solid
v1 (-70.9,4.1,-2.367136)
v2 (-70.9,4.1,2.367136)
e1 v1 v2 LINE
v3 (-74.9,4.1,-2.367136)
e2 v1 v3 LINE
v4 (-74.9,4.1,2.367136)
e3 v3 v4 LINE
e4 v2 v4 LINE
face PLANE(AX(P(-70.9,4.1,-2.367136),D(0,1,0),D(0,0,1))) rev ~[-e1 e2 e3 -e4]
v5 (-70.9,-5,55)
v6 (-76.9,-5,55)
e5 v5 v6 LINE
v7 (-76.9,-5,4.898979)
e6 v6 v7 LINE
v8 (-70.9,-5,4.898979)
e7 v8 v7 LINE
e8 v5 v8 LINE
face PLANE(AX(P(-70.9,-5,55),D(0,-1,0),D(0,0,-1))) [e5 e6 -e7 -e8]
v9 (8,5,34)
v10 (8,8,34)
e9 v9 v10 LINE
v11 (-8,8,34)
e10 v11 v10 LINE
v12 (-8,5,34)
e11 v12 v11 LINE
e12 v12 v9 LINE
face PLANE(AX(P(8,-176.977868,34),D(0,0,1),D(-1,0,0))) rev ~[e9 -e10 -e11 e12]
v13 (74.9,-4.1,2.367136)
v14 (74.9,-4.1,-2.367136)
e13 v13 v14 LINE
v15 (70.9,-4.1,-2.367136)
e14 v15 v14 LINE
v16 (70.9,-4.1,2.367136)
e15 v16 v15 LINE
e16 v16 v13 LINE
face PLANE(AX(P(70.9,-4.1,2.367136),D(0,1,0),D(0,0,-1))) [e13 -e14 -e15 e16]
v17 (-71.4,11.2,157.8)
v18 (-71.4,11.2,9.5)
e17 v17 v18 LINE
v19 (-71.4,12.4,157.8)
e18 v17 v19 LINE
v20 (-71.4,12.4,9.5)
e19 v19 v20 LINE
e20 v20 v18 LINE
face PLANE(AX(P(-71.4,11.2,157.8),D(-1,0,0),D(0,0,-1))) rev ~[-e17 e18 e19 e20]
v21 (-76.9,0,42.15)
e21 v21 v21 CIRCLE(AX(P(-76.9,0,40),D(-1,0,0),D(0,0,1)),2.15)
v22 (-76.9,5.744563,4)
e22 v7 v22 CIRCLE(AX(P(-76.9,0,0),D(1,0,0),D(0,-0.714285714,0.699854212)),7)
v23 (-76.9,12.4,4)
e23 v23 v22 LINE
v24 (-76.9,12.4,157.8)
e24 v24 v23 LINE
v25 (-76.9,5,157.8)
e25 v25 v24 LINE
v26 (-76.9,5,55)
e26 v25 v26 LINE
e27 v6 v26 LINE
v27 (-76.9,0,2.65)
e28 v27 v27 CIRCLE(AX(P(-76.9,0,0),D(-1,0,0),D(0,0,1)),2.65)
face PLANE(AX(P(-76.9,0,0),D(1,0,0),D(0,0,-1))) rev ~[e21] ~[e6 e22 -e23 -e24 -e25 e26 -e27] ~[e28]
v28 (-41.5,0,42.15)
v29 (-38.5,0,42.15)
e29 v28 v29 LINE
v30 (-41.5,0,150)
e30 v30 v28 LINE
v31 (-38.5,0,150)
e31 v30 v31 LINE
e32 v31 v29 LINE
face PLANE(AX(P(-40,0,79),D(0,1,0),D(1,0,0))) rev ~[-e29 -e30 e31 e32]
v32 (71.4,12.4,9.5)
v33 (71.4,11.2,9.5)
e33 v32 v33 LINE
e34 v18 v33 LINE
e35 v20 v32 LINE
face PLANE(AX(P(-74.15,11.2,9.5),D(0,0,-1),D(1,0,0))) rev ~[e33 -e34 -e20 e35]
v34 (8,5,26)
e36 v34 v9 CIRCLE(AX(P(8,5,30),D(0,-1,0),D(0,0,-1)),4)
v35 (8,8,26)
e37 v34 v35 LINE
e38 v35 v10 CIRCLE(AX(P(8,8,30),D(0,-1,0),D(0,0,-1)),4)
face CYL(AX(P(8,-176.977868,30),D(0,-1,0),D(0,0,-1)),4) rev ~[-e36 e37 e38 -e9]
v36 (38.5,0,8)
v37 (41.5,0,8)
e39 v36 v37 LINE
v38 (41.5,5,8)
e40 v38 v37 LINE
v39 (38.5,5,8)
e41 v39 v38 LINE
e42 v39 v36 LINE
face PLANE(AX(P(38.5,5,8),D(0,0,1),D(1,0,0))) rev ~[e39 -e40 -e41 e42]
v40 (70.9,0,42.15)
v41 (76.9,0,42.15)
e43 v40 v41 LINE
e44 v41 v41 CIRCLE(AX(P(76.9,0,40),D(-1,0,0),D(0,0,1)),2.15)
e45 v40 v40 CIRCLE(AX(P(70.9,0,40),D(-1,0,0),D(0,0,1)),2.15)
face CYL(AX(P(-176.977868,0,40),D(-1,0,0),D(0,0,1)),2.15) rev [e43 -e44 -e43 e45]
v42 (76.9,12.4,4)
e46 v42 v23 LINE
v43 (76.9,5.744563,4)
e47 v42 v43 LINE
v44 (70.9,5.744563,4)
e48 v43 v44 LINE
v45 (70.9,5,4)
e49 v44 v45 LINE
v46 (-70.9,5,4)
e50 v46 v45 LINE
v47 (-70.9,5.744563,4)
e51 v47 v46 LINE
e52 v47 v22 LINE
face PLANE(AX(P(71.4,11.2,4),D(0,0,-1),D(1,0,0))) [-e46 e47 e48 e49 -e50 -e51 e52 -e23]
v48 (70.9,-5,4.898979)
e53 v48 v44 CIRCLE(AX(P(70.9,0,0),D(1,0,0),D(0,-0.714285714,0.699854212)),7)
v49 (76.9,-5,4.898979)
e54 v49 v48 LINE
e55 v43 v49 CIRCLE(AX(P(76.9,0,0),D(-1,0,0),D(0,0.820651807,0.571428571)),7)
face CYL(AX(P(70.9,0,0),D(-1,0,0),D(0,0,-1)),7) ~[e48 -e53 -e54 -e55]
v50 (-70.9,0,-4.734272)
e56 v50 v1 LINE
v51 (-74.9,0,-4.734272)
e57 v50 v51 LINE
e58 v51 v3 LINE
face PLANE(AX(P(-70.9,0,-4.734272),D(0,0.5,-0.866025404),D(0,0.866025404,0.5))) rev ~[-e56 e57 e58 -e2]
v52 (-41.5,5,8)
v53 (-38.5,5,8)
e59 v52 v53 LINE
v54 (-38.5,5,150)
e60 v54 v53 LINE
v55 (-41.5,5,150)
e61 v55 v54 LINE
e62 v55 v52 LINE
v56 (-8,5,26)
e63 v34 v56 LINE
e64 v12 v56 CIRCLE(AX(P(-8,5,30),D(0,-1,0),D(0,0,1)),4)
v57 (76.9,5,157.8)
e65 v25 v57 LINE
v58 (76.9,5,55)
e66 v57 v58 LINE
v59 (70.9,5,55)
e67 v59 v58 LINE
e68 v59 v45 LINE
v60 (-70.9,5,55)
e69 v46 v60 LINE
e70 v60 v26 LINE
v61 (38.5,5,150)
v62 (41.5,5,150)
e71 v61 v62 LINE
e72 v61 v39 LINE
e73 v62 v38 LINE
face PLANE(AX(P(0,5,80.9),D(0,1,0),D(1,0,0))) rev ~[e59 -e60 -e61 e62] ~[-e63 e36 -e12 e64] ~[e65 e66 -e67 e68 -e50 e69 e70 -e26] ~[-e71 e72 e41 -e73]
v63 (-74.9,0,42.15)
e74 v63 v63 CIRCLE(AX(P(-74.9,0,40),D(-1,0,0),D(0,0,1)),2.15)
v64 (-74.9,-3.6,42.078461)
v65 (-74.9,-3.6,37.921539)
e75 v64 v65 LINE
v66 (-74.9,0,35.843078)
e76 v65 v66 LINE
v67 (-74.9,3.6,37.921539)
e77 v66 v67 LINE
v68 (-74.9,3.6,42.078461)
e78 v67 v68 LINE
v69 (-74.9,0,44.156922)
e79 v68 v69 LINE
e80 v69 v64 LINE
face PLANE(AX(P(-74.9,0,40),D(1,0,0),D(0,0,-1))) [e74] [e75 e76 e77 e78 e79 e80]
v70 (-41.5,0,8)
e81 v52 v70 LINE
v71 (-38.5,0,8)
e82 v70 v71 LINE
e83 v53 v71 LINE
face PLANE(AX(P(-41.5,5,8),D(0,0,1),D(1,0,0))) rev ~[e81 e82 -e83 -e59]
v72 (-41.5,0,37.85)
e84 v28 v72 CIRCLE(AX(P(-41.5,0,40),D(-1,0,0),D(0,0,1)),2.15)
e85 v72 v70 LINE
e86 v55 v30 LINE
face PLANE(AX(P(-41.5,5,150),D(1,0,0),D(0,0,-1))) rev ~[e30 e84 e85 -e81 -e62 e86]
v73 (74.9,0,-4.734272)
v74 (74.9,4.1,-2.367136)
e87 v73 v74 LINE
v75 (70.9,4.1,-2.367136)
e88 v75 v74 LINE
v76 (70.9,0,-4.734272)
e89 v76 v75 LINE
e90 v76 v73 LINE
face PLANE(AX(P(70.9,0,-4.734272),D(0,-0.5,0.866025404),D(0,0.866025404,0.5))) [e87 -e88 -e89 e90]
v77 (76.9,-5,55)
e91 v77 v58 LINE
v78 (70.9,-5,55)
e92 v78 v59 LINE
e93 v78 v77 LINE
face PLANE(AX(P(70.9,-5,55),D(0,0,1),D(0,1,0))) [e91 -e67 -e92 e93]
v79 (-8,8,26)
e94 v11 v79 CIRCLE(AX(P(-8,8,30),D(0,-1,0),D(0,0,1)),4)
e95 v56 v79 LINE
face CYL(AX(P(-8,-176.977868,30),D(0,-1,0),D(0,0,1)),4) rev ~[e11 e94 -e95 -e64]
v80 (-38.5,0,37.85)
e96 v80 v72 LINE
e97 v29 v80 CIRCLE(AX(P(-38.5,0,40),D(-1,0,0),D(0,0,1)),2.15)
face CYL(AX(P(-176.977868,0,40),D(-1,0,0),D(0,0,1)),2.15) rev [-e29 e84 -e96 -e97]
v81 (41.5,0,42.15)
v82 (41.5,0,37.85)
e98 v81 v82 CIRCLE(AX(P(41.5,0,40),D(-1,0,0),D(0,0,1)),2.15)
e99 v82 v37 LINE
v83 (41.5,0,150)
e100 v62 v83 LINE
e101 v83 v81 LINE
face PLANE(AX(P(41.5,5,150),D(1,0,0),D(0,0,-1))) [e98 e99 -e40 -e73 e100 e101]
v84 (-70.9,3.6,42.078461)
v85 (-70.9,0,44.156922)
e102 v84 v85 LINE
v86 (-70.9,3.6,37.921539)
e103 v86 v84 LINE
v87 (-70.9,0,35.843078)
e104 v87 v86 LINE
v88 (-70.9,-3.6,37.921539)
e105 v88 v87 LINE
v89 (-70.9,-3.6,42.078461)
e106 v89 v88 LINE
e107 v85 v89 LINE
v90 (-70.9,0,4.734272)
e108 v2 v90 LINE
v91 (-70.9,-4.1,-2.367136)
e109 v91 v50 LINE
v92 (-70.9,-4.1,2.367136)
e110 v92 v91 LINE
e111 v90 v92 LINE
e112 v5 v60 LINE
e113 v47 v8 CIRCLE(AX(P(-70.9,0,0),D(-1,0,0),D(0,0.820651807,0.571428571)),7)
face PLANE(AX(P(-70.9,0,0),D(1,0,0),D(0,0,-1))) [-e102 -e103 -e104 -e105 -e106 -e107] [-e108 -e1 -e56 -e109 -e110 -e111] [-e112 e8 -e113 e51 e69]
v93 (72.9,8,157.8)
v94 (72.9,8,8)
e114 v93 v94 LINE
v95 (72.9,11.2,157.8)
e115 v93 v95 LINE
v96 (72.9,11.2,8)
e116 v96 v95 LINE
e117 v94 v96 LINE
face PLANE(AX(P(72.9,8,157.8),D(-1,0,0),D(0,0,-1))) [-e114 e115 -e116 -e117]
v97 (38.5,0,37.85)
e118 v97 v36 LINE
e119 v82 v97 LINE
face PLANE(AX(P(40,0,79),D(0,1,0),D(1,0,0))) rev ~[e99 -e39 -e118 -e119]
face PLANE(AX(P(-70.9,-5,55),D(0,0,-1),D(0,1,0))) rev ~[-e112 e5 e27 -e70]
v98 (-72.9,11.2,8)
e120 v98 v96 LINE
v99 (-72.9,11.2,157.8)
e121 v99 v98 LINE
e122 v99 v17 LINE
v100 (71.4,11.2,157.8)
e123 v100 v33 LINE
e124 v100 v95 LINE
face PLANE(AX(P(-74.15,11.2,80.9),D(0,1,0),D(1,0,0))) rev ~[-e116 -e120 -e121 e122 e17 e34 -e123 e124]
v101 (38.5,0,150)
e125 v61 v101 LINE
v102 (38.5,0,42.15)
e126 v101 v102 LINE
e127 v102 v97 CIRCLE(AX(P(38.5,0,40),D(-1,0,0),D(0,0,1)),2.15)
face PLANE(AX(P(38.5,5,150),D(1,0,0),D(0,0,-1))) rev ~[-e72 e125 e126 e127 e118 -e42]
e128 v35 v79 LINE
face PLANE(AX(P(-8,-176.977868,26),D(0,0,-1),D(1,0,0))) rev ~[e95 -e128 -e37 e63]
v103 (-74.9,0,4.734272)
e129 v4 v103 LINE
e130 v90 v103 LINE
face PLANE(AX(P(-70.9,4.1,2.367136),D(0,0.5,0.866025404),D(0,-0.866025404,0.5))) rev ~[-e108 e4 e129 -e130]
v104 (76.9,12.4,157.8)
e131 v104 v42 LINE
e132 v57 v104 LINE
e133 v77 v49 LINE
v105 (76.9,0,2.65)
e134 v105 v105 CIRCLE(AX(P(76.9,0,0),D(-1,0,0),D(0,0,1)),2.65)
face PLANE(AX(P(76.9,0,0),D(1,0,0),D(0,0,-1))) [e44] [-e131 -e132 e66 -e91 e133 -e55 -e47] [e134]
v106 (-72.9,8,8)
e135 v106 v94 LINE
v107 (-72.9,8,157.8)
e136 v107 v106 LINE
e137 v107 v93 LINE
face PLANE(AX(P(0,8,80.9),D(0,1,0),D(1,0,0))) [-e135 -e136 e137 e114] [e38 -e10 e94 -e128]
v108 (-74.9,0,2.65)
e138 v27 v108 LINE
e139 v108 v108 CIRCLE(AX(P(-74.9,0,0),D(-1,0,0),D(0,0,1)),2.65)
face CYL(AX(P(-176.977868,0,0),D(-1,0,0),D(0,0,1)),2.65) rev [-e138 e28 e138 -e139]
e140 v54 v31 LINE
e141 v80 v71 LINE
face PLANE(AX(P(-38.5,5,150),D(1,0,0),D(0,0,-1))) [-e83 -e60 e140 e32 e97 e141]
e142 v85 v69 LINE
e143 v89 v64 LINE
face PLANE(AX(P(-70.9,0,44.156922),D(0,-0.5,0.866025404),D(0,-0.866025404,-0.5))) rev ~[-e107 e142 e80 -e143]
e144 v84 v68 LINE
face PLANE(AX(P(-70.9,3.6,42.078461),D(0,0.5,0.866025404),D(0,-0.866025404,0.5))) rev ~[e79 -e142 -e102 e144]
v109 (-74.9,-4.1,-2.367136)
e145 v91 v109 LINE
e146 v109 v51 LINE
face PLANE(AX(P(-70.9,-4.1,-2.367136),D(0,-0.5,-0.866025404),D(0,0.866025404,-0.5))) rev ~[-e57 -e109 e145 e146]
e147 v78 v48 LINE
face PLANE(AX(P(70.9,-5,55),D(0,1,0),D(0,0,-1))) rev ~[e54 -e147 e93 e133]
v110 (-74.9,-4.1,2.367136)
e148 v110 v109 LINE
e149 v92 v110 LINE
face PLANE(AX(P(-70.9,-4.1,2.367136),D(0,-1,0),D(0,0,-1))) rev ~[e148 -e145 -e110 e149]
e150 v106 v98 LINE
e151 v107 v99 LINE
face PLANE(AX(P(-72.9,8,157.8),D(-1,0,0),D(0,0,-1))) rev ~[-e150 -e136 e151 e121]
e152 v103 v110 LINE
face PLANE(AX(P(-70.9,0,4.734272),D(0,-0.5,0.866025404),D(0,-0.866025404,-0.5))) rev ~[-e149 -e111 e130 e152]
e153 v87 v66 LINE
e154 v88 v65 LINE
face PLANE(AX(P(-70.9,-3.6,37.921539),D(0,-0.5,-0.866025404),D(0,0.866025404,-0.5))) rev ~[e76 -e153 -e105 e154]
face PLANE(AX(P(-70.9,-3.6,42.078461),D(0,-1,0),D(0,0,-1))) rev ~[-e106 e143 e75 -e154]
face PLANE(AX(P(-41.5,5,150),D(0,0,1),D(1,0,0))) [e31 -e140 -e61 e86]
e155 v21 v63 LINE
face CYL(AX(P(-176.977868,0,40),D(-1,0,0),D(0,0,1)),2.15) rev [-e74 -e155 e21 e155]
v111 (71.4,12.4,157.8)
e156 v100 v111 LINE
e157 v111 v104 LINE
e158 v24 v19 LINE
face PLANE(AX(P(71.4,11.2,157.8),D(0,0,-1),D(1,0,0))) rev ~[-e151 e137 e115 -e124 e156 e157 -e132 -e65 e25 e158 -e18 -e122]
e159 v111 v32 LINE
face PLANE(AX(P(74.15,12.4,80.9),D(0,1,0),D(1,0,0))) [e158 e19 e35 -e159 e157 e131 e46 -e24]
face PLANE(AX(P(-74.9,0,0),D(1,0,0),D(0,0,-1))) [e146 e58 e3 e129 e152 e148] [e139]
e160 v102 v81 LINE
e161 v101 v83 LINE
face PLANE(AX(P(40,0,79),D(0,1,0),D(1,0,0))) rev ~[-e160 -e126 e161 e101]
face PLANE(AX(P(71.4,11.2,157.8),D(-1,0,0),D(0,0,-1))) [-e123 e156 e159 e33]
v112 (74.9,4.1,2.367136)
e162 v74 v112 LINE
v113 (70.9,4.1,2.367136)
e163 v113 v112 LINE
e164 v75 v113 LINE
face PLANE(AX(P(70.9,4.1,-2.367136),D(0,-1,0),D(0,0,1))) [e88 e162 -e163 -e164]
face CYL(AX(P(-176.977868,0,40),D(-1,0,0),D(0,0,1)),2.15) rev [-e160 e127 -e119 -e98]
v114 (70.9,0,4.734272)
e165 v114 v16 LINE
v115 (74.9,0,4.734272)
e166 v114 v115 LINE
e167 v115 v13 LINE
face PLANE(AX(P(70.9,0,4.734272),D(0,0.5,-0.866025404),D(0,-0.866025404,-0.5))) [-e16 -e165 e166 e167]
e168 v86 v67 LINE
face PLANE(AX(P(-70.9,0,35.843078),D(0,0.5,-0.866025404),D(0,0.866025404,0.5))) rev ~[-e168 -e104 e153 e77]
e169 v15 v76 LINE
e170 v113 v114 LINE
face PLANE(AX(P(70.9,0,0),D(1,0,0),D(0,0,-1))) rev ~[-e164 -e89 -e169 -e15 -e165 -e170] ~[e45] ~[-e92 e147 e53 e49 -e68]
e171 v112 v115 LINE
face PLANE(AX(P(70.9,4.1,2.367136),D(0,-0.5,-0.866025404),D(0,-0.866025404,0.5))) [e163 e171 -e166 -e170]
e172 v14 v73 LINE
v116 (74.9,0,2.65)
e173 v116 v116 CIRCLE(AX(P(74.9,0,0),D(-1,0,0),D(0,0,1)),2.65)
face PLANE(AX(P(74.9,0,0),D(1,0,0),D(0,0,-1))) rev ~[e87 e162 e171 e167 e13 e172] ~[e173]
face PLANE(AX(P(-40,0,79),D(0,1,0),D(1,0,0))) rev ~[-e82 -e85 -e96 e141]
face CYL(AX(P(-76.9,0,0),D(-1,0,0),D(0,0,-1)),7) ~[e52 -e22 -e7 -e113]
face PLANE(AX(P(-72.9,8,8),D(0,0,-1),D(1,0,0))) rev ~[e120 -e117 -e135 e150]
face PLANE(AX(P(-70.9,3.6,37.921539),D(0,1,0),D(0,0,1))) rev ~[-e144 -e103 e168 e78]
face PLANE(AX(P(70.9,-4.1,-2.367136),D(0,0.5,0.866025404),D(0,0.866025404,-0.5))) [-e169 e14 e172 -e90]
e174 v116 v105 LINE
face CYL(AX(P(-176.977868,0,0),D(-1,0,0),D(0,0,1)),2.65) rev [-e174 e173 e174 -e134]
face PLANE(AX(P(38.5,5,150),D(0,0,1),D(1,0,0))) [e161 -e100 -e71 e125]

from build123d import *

# Parameters (mm, degrees)
CROQUIS_PLACA_W                      = 153.8
CROQUIS_PLACA_H                      = 153.8
PLACA_DEPTH                          = 3
CROQUIS_BORDE_IZQ_W                  = 4
CROQUIS_BORDE_IZQ_H                  = 153.8
BORDE_IZQ_DEPTH                      = 3.2
CROQUIS_BORDE_DER_W                  = 4
CROQUIS_BORDE_DER_H                  = 153.8
BORDE_DER_DEPTH                      = 3.2
CROQUIS_BORDE_TRAS_W                 = 145.8
CROQUIS_BORDE_TRAS_H                 = 4
BORDE_TRAS_DEPTH                     = 3.2
CROQUIS_CEJA_IZQ_W                   = 5.5
CROQUIS_CEJA_IZQ_H                   = 153.8
CEJA_IZQ_DEPTH                       = 1.2
CROQUIS_CEJA_DER_W                   = 5.5
CROQUIS_CEJA_DER_H                   = 153.8
CEJA_DER_DEPTH                       = 1.2
CROQUIS_CEJA_TRAS_W                  = 148.3
CROQUIS_CEJA_TRAS_H                  = 5.5
CEJA_TRAS_DEPTH                      = 1.2
PASO_CABLE_DEPTH                     = 176.977867927
PASO_CABLE_DEPTH_BACK                = 176.977867927
CROQUIS_REFUERZOS_W                  = 3
CROQUIS_REFUERZOS_H                  = 142
REFUERZOS_DEPTH                      = 5
CROQUIS_COSTILLA_DER_W               = 55
CROQUIS_COSTILLA_DER_H               = 10
COSTILLA_DER_DEPTH                   = 6
CROQUIS_BUJE_DER_R                   = 7
BUJE_DER_DEPTH                       = 6
CROQUIS_COSTILLA_IZQ_W               = 55
CROQUIS_COSTILLA_IZQ_H               = 10
COSTILLA_IZQ_DEPTH                   = 6
BUJE_IZQ_START                       = -6
CROQUIS_BUJE_IZQ_R                   = 7
BUJE_IZQ_DEPTH                       = 6
AGUJEROS_PIVOTE_Y_BLOQUEO_DEPTH      = 176.977867927
AGUJEROS_PIVOTE_Y_BLOQUEO_DEPTH_BACK = 176.977867927
CROQUIS_AGUJEROS_EJE_R               = 2.65
CROQUIS_AGUJEROS_EJE_R_2             = 2.15
TUERCA_M5_DER_DEPTH                  = 4
TUERCAS_M5_M4_IZQ_DEPTH              = 4


with BuildPart() as part:
    # Croquis_placa → Placa (new body)
    with BuildSketch(Plane(origin=(0, 5, 0), x_dir=(1, 0, 0), z_dir=(0, 1, 0))):
        with Locations((0, -80.9)):
            Rectangle(CROQUIS_PLACA_W, CROQUIS_PLACA_H)
    extrude(amount=PLACA_DEPTH)

    # Croquis_Borde_izq → Borde_izq (add)
    with BuildSketch(Plane(origin=(0, 8, 0), x_dir=(1, 0, 0), z_dir=(0, 1, 0))):
        with Locations((-74.9, -80.9)):
            Rectangle(CROQUIS_BORDE_IZQ_W, CROQUIS_BORDE_IZQ_H)
    extrude(amount=BORDE_IZQ_DEPTH)

    # Croquis_Borde_der → Borde_der (add)
    with BuildSketch(Plane(origin=(0, 8, 0), x_dir=(1, 0, 0), z_dir=(0, 1, 0))):
        with Locations((74.9, -80.9)):
            Rectangle(CROQUIS_BORDE_DER_W, CROQUIS_BORDE_DER_H)
    extrude(amount=BORDE_DER_DEPTH)

    # Croquis_Borde_tras → Borde_tras (add)
    with BuildSketch(Plane(origin=(0, 8, 0), x_dir=(1, 0, 0), z_dir=(0, 1, 0))):
        with Locations((0, -6)):
            Rectangle(CROQUIS_BORDE_TRAS_W, CROQUIS_BORDE_TRAS_H)
    extrude(amount=BORDE_TRAS_DEPTH)

    # Croquis_Ceja_izq → Ceja_izq (add)
    with BuildSketch(Plane(origin=(0, 11.2, 0), x_dir=(1, 0, 0), z_dir=(0, 1, 0))):
        with Locations((-74.15, -80.9)):
            Rectangle(CROQUIS_CEJA_IZQ_W, CROQUIS_CEJA_IZQ_H)
    extrude(amount=CEJA_IZQ_DEPTH)

    # Croquis_Ceja_der → Ceja_der (add)
    with BuildSketch(Plane(origin=(0, 11.2, 0), x_dir=(1, 0, 0), z_dir=(0, 1, 0))):
        with Locations((74.15, -80.9)):
            Rectangle(CROQUIS_CEJA_DER_W, CROQUIS_CEJA_DER_H)
    extrude(amount=CEJA_DER_DEPTH)

    # Croquis_Ceja_tras → Ceja_tras (add)
    with BuildSketch(Plane(origin=(0, 11.2, 0), x_dir=(1, 0, 0), z_dir=(0, 1, 0))):
        with Locations((0, -6.75)):
            Rectangle(CROQUIS_CEJA_TRAS_W, CROQUIS_CEJA_TRAS_H)
    extrude(amount=CEJA_TRAS_DEPTH)

    # Croquis_cable → Paso_cable (cut, two sides: drawn at the far end of the back side and taken through both)
    with BuildSketch(Plane(origin=(0, 0, 0), x_dir=(1, 0, 0), z_dir=(0, 1, 0)).offset(-PASO_CABLE_DEPTH_BACK)):
        with BuildLine():
            Line((-8, -26), (8, -26))
            ThreePointArc((8, -26), (12, -30), (8, -34))
            Line((8, -34), (-8, -34))
            ThreePointArc((-8, -34), (-12, -30), (-8, -26))
        make_face()
    extrude(amount=PASO_CABLE_DEPTH + PASO_CABLE_DEPTH_BACK, mode=Mode.SUBTRACT)

    # Croquis_refuerzos → Refuerzos (add)
    with BuildSketch(Plane(origin=(0, 5, 0), x_dir=(1, 0, 0), z_dir=(0, 1, 0))):
        with Locations((-40, -79)):
            Rectangle(CROQUIS_REFUERZOS_W, CROQUIS_REFUERZOS_H)
        with Locations((40, -79)):
            Rectangle(CROQUIS_REFUERZOS_W, CROQUIS_REFUERZOS_H)
    extrude(amount=-REFUERZOS_DEPTH)

    # Croquis_costilla_der → Costilla_der (add)
    with BuildSketch(Plane(origin=(70.9, 0, 0), x_dir=(0, 0, -1), z_dir=(1, 0, 0))):
        with Locations((-27.5, 0)):
            Rectangle(CROQUIS_COSTILLA_DER_W, CROQUIS_COSTILLA_DER_H)
    extrude(amount=COSTILLA_DER_DEPTH)

    # Croquis_buje_der → Buje_der (add)
    with BuildSketch(Plane(origin=(70.9, 0, 0), x_dir=(0, 0, -1), z_dir=(1, 0, 0))):
        Circle(CROQUIS_BUJE_DER_R)
    extrude(amount=BUJE_DER_DEPTH)

    # Croquis_costilla_izq → Costilla_izq (add)
    with BuildSketch(Plane(origin=(-70.9, 0, 0), x_dir=(0, 0, -1), z_dir=(1, 0, 0))):
        with Locations((-27.5, 0)):
            Rectangle(CROQUIS_COSTILLA_IZQ_W, CROQUIS_COSTILLA_IZQ_H)
    extrude(amount=-COSTILLA_IZQ_DEPTH)

    # Croquis_buje_izq → Buje_izq (add)
    with BuildSketch(Plane(origin=(-70.9, 0, 0), x_dir=(0, 0, -1), z_dir=(1, 0, 0)).offset(BUJE_IZQ_START)):
        Circle(CROQUIS_BUJE_IZQ_R)
    extrude(amount=BUJE_IZQ_DEPTH)

    # Croquis_agujeros_eje → Agujeros_pivote_y_bloqueo (cut, two sides: drawn at the far end of the back side and taken through both)
    with BuildSketch(Plane(origin=(0, 0, 0), x_dir=(0, 0, -1), z_dir=(1, 0, 0)).offset(-AGUJEROS_PIVOTE_Y_BLOQUEO_DEPTH_BACK)):
        with Locations(Location((0, 0, 0), (0, 0, 180))):
            Circle(CROQUIS_AGUJEROS_EJE_R)
        with Locations(Location((-40, 0, 0), (0, 0, 180))):
            Circle(CROQUIS_AGUJEROS_EJE_R_2)
    extrude(amount=AGUJEROS_PIVOTE_Y_BLOQUEO_DEPTH + AGUJEROS_PIVOTE_Y_BLOQUEO_DEPTH_BACK, mode=Mode.SUBTRACT)

    # Croquis_tuerca_M5_der → Tuerca_M5_der (cut)
    with BuildSketch(Plane(origin=(70.9, 0, 0), x_dir=(0, 0, -1), z_dir=(1, 0, 0))):
        Polygon((4.734272207, 0), (2.367136104, 4.1), (-2.367136104, 4.1), (-4.734272207, 0), (-2.367136104, -4.1), (2.367136104, -4.1), align=None)
    extrude(amount=TUERCA_M5_DER_DEPTH, mode=Mode.SUBTRACT)

    # Croquis_tuercas_izq → Tuercas_M5_M4_izq (cut)
    with BuildSketch(Plane(origin=(-70.9, 0, 0), x_dir=(0, 0, -1), z_dir=(1, 0, 0))):
        Polygon((4.734272207, 0), (2.367136104, 4.1), (-2.367136104, 4.1), (-4.734272207, 0), (-2.367136104, -4.1), (2.367136104, -4.1), align=None)
        Polygon((-35.843078062, 0), (-37.921539031, 3.6), (-42.078460969, 3.6), (-44.156921938, 0), (-42.078460969, -3.6), (-37.921539031, -3.6), align=None)
    extrude(amount=-TUERCAS_M5_M4_IZQ_DEPTH, mode=Mode.SUBTRACT)


solid = part.part
